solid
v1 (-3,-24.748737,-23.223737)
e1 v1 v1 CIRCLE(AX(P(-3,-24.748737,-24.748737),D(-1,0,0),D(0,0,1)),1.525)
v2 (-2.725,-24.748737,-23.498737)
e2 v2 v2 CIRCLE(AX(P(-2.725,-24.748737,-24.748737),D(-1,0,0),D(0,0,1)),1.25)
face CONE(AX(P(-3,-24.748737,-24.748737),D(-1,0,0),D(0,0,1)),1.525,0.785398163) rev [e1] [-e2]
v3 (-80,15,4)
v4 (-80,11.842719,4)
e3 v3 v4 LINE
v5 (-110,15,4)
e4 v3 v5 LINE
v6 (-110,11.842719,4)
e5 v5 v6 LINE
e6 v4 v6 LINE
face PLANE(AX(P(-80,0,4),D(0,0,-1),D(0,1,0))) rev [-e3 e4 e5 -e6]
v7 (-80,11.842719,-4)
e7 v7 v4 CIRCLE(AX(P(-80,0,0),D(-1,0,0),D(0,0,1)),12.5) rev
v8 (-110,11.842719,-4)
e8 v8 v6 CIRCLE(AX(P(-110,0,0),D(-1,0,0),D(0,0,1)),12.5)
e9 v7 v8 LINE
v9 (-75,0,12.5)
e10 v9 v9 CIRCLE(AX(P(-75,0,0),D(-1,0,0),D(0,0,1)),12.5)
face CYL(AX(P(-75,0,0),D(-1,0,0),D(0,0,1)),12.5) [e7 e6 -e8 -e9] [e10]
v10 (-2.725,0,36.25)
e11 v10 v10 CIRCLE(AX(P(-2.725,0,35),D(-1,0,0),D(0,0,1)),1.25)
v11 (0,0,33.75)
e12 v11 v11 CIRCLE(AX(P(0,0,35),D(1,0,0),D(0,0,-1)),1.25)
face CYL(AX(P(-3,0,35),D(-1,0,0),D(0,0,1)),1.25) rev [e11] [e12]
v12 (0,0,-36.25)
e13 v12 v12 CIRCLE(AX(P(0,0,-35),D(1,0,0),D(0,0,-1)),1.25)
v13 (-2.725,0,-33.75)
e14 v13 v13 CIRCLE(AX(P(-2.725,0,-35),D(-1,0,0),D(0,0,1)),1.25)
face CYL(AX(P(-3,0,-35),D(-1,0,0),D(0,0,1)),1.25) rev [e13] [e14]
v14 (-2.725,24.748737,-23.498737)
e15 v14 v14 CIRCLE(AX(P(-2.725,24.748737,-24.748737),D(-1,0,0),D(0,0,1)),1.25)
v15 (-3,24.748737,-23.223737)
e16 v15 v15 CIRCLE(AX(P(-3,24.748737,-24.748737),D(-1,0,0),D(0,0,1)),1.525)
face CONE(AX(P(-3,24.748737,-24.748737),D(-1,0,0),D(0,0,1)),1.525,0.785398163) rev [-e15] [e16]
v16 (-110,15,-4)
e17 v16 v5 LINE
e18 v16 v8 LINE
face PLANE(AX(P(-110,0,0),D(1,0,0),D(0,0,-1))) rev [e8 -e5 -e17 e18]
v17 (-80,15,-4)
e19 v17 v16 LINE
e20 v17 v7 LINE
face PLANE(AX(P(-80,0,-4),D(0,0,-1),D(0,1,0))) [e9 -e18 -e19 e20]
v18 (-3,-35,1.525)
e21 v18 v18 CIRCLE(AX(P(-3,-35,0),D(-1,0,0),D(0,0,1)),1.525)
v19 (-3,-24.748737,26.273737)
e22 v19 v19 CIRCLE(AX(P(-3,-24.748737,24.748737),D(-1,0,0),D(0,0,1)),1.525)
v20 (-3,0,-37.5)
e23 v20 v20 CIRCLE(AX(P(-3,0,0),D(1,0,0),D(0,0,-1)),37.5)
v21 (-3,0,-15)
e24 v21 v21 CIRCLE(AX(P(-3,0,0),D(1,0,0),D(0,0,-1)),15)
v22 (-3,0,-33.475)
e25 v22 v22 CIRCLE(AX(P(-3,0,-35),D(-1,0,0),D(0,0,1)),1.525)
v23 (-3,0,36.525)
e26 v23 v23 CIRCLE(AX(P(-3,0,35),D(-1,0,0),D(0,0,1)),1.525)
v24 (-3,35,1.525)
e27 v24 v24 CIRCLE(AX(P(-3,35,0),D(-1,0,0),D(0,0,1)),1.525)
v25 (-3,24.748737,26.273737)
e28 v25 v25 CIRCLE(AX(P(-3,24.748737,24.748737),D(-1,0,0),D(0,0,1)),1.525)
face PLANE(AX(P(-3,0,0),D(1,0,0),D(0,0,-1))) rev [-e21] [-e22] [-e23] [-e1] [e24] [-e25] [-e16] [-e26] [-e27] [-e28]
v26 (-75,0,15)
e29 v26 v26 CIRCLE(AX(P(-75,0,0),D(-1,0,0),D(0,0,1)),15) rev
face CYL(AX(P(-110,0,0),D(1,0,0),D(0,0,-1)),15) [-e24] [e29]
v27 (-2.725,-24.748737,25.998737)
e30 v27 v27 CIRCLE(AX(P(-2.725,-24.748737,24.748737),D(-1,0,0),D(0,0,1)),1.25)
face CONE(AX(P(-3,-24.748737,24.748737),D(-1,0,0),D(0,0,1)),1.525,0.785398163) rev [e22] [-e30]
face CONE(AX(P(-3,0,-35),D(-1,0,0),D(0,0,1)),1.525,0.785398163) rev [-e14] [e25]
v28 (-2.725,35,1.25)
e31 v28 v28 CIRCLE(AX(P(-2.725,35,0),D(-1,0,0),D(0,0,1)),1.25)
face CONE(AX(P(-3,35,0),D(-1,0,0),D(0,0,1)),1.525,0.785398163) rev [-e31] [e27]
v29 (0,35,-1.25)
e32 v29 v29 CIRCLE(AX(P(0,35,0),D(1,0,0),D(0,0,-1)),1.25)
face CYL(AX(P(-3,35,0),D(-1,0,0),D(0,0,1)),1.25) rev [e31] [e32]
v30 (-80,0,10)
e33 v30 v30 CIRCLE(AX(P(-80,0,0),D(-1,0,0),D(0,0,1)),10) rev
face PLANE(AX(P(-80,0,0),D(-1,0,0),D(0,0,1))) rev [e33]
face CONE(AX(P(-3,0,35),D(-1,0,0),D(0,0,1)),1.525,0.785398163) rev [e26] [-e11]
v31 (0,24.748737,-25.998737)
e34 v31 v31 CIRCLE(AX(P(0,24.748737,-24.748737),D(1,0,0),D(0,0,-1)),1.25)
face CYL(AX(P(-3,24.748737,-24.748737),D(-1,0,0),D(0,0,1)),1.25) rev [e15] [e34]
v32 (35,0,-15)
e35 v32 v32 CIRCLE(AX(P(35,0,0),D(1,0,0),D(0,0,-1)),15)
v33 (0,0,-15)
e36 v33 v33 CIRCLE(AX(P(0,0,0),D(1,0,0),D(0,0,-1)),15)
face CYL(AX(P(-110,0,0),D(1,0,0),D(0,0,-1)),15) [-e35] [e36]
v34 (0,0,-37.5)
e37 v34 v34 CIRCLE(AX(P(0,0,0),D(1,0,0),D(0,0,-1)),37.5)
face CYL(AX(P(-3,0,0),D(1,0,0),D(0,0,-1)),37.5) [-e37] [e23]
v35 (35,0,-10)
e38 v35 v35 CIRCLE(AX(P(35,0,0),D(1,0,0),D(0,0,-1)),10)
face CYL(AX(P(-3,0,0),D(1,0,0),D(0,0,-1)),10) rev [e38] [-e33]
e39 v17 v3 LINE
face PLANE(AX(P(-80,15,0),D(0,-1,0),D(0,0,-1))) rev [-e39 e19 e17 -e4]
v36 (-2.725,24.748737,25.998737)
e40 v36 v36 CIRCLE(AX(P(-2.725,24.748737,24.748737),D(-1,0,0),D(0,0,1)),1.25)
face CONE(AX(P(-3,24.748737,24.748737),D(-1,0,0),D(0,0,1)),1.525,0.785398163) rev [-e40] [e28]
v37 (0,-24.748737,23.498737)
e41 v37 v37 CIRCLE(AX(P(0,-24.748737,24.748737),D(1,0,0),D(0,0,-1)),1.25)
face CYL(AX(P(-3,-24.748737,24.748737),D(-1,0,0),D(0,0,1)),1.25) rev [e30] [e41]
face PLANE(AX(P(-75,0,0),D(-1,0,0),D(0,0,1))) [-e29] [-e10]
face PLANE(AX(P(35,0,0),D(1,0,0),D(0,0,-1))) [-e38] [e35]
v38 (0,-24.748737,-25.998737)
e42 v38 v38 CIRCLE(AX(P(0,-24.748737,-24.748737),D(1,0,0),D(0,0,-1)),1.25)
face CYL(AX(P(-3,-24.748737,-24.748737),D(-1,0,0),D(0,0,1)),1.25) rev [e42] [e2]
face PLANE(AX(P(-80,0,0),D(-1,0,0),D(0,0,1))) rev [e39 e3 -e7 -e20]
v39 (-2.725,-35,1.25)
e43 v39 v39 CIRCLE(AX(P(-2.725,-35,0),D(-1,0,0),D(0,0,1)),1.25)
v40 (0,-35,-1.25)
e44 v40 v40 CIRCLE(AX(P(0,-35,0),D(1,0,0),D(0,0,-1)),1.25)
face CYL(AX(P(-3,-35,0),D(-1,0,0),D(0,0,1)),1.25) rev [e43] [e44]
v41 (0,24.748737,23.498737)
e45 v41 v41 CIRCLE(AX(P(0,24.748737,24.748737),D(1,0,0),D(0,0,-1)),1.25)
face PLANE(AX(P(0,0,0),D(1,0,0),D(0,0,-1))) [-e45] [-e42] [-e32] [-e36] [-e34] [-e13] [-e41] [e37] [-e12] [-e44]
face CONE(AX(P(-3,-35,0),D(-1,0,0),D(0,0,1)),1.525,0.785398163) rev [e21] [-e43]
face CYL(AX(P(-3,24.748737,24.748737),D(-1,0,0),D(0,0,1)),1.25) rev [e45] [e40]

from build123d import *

# Parameters (mm, degrees)
SKETCH1_R                   = 25
SKETCH1_R_2                 = 10
BOSS_EXTRUDE1_DEPTH         = 3
BOSS_EXTRUDE2_DEPTH         = 35
BOSS_EXTRUDE2_DEPTH_BACK    = 110
SKETCH1_3_R                 = 15
SKETCH1_3_R_2               = 10
SKETCH1_4_R                 = 37.5
SKETCH1_4_R_2               = 25
BOSS_EXTRUDE3_DEPTH         = 3
M3_TAPPED_HOLE1_D           = 2.5
M3_TAPPED_HOLE1_CSINK_D     = 3.05
M3_TAPPED_HOLE1_CSINK_ANGLE = 90
SKETCH4_R                   = 20
SKETCH4_R_2                 = 12.5
CUT_EXTRUDE1_DEPTH          = 35
BOSS_EXTRUDE4_DEPTH         = 30


with BuildPart() as part:
    # Sketch1 → Boss-Extrude1 (new body)
    with BuildSketch(Plane(origin=(0, 0, 0), x_dir=(0, 0, -1), z_dir=(1, 0, 0))):
        Circle(SKETCH1_R)
        Circle(SKETCH1_R_2, mode=Mode.SUBTRACT)
    extrude(amount=-BOSS_EXTRUDE1_DEPTH)



with BuildPart() as body_2:
    # Sketch1<3> → Boss-Extrude2 (new, two sides: drawn at the far end of the back side and taken through both)
    with BuildSketch(Plane(origin=(0, 0, 0), x_dir=(0, 0, -1), z_dir=(1, 0, 0)).offset(-BOSS_EXTRUDE2_DEPTH_BACK)):
        Circle(SKETCH1_3_R)
        Circle(SKETCH1_3_R_2, mode=Mode.SUBTRACT)
    extrude(amount=BOSS_EXTRUDE2_DEPTH + BOSS_EXTRUDE2_DEPTH_BACK)


with BuildPart() as part_1:
    add(part.part)

    add(body_2.part)  # Boss-Extrude3 merges body 2
    # Sketch1<4> → Boss-Extrude3 (add)
    with BuildSketch(Plane(origin=(0, 0, 0), x_dir=(0, 0, -1), z_dir=(1, 0, 0))):
        Circle(SKETCH1_4_R)
        Circle(SKETCH1_4_R_2, mode=Mode.SUBTRACT)
    extrude(amount=-BOSS_EXTRUDE3_DEPTH)

    # M3 Tapped Hole1 (through all)
    with Locations(Plane.ZY.offset(3)):
        with Locations((35, 0), (0, 35), (-35, 0), (0, -35), (24.748737342, 24.748737342), (-24.748737342, 24.748737342), (-24.748737342, -24.748737342), (24.748737342, -24.748737342)):
            CounterSinkHole(M3_TAPPED_HOLE1_D / 2, M3_TAPPED_HOLE1_CSINK_D / 2, counter_sink_angle=M3_TAPPED_HOLE1_CSINK_ANGLE)

    # Sketch4 → Cut-Extrude1 (cut)
    with BuildSketch(Plane.ZY.offset(110)):
        Circle(SKETCH4_R)
        Circle(SKETCH4_R_2, mode=Mode.SUBTRACT)
    extrude(amount=-CUT_EXTRUDE1_DEPTH, mode=Mode.SUBTRACT)

    # Sketch4<3> → Boss-Extrude4 (add)
    with BuildSketch(Plane.ZY.offset(110)):
        with BuildLine():
            Line((4, 15), (-4, 15))
            Line((-4, 15), (-4, 11.842719282))
            ThreePointArc((-4, 11.842719282), (0, -12.5), (4, 11.842719282))
            Line((4, 11.842719282), (4, 15))
        make_face()
    extrude(amount=-BOSS_EXTRUDE4_DEPTH)


solid = part_1.part
